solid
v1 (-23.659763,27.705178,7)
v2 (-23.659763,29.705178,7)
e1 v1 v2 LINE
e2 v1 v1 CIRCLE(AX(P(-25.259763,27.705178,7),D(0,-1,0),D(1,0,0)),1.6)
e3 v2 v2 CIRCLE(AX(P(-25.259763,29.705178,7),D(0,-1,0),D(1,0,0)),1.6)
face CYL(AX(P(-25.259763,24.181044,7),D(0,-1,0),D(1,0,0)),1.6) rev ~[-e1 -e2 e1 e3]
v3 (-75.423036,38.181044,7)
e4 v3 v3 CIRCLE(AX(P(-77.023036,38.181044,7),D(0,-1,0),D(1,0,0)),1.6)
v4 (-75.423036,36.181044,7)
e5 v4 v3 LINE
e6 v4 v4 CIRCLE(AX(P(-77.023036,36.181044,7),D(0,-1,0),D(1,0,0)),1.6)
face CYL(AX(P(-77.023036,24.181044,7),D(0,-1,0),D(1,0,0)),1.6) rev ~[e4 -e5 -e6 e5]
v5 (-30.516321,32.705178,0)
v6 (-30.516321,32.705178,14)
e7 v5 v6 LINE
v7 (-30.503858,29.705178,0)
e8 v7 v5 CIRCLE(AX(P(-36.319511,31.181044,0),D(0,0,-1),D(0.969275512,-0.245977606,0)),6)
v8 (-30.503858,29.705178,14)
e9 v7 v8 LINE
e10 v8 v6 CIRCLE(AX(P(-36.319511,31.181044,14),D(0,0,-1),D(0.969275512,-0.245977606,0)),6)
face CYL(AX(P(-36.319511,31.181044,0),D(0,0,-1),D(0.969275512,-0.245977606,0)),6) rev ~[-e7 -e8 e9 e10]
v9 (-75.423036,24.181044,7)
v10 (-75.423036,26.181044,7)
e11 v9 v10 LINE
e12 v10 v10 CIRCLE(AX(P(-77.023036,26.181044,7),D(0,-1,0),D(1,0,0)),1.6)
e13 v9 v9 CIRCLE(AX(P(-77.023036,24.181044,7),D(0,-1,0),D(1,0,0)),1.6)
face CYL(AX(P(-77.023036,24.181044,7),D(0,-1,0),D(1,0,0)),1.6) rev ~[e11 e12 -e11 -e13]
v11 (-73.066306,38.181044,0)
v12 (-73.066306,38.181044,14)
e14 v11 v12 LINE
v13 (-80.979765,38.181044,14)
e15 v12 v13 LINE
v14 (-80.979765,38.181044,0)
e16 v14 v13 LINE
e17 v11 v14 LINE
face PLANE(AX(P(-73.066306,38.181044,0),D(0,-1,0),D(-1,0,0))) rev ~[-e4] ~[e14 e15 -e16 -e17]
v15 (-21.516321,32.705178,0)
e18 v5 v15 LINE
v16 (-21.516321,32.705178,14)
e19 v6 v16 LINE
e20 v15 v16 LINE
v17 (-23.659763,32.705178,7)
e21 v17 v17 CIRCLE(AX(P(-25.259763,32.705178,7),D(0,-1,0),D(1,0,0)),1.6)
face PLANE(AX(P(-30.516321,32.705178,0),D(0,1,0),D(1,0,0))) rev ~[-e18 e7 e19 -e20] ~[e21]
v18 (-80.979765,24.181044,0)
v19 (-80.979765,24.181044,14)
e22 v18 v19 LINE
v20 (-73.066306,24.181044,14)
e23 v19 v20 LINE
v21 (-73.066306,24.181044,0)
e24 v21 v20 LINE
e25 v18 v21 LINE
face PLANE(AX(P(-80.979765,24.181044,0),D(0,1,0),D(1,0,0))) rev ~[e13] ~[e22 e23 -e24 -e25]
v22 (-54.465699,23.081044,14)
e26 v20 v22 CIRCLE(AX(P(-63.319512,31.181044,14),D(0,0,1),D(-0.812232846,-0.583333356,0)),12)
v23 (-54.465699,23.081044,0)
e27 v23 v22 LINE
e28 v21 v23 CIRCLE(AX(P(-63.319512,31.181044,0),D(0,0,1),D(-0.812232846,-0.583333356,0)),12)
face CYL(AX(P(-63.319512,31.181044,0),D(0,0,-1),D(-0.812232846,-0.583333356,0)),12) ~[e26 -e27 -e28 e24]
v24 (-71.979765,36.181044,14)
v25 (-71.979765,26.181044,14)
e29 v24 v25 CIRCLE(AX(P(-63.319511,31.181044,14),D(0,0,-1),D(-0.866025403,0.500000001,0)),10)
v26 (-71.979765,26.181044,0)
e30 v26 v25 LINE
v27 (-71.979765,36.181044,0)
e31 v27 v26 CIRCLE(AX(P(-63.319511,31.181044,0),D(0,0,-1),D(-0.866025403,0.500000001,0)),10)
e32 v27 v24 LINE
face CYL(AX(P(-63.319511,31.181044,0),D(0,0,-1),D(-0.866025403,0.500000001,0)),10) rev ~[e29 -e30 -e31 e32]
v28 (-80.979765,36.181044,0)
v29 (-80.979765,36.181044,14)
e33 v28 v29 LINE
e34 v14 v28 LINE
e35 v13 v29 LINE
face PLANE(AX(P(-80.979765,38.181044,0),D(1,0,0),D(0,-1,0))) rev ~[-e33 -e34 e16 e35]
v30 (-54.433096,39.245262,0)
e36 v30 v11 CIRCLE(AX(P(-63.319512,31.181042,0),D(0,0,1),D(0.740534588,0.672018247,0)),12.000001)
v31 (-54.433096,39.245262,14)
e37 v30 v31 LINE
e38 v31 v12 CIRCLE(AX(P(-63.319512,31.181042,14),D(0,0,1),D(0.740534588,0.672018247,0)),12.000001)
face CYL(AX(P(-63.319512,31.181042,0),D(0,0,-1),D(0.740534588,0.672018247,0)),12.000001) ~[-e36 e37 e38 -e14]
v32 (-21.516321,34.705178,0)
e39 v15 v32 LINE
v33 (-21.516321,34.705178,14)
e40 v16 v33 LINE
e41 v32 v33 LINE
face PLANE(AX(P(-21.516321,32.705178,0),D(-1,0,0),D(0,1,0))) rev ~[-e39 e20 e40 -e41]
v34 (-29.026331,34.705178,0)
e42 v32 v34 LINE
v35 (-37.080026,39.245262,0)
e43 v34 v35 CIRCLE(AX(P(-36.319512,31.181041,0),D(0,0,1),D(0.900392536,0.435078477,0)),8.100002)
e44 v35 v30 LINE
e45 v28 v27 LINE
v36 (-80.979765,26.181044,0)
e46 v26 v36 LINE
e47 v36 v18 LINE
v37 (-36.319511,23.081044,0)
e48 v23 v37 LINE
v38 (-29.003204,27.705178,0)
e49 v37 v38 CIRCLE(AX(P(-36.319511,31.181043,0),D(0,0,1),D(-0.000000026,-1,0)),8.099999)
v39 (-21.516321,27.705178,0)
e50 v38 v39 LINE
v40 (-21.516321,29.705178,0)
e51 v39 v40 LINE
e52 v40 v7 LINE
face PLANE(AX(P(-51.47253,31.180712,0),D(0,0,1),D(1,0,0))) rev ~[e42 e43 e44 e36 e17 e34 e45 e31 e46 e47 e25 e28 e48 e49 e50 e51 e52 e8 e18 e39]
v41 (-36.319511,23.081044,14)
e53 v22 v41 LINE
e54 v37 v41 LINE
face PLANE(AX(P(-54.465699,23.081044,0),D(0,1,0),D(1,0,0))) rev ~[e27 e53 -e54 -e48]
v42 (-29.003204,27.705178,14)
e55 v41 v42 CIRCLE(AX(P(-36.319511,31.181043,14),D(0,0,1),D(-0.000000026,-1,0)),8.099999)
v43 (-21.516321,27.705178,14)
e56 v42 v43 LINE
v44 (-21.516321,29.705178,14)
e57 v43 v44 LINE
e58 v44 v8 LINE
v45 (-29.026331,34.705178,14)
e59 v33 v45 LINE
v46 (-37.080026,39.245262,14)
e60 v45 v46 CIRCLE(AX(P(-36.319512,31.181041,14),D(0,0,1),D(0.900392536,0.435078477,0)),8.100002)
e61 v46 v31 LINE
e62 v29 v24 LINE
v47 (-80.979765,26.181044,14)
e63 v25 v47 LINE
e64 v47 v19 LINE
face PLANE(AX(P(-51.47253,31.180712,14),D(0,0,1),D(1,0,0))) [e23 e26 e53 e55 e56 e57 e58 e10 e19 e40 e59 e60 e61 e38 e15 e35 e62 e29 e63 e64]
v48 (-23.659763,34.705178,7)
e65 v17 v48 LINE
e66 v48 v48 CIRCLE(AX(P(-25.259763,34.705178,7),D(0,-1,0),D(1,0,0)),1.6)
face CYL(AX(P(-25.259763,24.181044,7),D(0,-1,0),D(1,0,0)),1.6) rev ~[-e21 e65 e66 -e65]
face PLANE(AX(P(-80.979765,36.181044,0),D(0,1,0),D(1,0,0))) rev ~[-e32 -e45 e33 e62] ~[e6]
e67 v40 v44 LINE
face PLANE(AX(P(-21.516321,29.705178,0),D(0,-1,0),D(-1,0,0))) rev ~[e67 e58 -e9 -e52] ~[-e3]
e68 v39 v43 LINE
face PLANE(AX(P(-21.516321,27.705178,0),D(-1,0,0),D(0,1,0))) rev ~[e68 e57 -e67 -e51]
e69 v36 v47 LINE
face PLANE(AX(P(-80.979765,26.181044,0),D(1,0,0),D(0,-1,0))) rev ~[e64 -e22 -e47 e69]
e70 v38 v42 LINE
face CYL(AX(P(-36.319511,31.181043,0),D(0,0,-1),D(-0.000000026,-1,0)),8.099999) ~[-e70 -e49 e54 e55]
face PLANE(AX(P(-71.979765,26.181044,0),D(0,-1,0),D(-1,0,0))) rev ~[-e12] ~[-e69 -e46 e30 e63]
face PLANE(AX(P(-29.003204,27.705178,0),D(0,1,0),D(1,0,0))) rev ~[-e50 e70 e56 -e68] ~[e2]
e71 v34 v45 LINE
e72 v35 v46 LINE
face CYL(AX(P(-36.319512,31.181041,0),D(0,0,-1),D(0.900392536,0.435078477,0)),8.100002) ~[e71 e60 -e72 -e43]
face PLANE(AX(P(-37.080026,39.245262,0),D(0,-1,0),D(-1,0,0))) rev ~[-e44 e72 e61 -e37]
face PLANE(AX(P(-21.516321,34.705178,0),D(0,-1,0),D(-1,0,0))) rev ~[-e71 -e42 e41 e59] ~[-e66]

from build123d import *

# Parameters (mm, degrees)
F1_DEPTH = 14
F2_R     = 1.6
F3_DEPTH = 19.001


with BuildPart() as f1:
    # F0 (on Top) → F1 (new body)
    with BuildSketch(Plane.XY):
        with BuildLine():
            ThreePointArc((-71.979765, 36.181044), (-53.319511, 31.181044), (-71.979765, 26.181044))
            Line((-71.979765, 26.181044), (-80.979765, 26.181044))
            Line((-80.979765, 26.181044), (-80.979765, 24.181044))
            Line((-80.979765, 24.181044), (-73.066306, 24.181044))
            ThreePointArc((-73.066306, 24.181044), (-64.027928, 19.201973), (-54.465699, 23.081044))
            Line((-54.465699, 23.081044), (-36.319511, 23.081044))
            ThreePointArc((-36.319511, 23.081044), (-31.991955, 24.333982), (-29.003204, 27.705178))
            Line((-29.003204, 27.705178), (-21.516321, 27.705178))
            Line((-21.516321, 27.705178), (-21.516321, 29.705178))
            Line((-21.516321, 29.705178), (-30.503858, 29.705178))
            ThreePointArc((-30.503858, 29.705178), (-42.31946, 31.156118), (-30.516321, 32.705178))
            Line((-30.516321, 32.705178), (-21.516321, 32.705178))
            Line((-21.516321, 32.705178), (-21.516321, 34.705178))
            Line((-21.516321, 34.705178), (-29.026331, 34.705178))
            ThreePointArc((-29.026331, 34.705178), (-32.341821, 38.237103), (-37.080026, 39.245262))
            Line((-37.080026, 39.245262), (-54.433096, 39.245262))
            ThreePointArc((-54.433096, 39.245262), (-64.003765, 43.161519), (-73.066306, 38.181044))
            Line((-73.066306, 38.181044), (-80.979765, 38.181044))
            Line((-80.979765, 38.181044), (-80.979765, 36.181044))
            Line((-80.979765, 36.181044), (-71.979765, 36.181044))
        make_face()
    extrude(amount=F1_DEPTH)

    # F2 (on face) → F3 (cut, through all)
    with BuildSketch(Plane.XZ.offset(-24.181044)):
        with Locations((-77.023036, 7)):
            Circle(F2_R)
        with Locations((-25.259763, 7)):
            Circle(F2_R)
    extrude(amount=-F3_DEPTH, mode=Mode.SUBTRACT)


solid = f1.part
